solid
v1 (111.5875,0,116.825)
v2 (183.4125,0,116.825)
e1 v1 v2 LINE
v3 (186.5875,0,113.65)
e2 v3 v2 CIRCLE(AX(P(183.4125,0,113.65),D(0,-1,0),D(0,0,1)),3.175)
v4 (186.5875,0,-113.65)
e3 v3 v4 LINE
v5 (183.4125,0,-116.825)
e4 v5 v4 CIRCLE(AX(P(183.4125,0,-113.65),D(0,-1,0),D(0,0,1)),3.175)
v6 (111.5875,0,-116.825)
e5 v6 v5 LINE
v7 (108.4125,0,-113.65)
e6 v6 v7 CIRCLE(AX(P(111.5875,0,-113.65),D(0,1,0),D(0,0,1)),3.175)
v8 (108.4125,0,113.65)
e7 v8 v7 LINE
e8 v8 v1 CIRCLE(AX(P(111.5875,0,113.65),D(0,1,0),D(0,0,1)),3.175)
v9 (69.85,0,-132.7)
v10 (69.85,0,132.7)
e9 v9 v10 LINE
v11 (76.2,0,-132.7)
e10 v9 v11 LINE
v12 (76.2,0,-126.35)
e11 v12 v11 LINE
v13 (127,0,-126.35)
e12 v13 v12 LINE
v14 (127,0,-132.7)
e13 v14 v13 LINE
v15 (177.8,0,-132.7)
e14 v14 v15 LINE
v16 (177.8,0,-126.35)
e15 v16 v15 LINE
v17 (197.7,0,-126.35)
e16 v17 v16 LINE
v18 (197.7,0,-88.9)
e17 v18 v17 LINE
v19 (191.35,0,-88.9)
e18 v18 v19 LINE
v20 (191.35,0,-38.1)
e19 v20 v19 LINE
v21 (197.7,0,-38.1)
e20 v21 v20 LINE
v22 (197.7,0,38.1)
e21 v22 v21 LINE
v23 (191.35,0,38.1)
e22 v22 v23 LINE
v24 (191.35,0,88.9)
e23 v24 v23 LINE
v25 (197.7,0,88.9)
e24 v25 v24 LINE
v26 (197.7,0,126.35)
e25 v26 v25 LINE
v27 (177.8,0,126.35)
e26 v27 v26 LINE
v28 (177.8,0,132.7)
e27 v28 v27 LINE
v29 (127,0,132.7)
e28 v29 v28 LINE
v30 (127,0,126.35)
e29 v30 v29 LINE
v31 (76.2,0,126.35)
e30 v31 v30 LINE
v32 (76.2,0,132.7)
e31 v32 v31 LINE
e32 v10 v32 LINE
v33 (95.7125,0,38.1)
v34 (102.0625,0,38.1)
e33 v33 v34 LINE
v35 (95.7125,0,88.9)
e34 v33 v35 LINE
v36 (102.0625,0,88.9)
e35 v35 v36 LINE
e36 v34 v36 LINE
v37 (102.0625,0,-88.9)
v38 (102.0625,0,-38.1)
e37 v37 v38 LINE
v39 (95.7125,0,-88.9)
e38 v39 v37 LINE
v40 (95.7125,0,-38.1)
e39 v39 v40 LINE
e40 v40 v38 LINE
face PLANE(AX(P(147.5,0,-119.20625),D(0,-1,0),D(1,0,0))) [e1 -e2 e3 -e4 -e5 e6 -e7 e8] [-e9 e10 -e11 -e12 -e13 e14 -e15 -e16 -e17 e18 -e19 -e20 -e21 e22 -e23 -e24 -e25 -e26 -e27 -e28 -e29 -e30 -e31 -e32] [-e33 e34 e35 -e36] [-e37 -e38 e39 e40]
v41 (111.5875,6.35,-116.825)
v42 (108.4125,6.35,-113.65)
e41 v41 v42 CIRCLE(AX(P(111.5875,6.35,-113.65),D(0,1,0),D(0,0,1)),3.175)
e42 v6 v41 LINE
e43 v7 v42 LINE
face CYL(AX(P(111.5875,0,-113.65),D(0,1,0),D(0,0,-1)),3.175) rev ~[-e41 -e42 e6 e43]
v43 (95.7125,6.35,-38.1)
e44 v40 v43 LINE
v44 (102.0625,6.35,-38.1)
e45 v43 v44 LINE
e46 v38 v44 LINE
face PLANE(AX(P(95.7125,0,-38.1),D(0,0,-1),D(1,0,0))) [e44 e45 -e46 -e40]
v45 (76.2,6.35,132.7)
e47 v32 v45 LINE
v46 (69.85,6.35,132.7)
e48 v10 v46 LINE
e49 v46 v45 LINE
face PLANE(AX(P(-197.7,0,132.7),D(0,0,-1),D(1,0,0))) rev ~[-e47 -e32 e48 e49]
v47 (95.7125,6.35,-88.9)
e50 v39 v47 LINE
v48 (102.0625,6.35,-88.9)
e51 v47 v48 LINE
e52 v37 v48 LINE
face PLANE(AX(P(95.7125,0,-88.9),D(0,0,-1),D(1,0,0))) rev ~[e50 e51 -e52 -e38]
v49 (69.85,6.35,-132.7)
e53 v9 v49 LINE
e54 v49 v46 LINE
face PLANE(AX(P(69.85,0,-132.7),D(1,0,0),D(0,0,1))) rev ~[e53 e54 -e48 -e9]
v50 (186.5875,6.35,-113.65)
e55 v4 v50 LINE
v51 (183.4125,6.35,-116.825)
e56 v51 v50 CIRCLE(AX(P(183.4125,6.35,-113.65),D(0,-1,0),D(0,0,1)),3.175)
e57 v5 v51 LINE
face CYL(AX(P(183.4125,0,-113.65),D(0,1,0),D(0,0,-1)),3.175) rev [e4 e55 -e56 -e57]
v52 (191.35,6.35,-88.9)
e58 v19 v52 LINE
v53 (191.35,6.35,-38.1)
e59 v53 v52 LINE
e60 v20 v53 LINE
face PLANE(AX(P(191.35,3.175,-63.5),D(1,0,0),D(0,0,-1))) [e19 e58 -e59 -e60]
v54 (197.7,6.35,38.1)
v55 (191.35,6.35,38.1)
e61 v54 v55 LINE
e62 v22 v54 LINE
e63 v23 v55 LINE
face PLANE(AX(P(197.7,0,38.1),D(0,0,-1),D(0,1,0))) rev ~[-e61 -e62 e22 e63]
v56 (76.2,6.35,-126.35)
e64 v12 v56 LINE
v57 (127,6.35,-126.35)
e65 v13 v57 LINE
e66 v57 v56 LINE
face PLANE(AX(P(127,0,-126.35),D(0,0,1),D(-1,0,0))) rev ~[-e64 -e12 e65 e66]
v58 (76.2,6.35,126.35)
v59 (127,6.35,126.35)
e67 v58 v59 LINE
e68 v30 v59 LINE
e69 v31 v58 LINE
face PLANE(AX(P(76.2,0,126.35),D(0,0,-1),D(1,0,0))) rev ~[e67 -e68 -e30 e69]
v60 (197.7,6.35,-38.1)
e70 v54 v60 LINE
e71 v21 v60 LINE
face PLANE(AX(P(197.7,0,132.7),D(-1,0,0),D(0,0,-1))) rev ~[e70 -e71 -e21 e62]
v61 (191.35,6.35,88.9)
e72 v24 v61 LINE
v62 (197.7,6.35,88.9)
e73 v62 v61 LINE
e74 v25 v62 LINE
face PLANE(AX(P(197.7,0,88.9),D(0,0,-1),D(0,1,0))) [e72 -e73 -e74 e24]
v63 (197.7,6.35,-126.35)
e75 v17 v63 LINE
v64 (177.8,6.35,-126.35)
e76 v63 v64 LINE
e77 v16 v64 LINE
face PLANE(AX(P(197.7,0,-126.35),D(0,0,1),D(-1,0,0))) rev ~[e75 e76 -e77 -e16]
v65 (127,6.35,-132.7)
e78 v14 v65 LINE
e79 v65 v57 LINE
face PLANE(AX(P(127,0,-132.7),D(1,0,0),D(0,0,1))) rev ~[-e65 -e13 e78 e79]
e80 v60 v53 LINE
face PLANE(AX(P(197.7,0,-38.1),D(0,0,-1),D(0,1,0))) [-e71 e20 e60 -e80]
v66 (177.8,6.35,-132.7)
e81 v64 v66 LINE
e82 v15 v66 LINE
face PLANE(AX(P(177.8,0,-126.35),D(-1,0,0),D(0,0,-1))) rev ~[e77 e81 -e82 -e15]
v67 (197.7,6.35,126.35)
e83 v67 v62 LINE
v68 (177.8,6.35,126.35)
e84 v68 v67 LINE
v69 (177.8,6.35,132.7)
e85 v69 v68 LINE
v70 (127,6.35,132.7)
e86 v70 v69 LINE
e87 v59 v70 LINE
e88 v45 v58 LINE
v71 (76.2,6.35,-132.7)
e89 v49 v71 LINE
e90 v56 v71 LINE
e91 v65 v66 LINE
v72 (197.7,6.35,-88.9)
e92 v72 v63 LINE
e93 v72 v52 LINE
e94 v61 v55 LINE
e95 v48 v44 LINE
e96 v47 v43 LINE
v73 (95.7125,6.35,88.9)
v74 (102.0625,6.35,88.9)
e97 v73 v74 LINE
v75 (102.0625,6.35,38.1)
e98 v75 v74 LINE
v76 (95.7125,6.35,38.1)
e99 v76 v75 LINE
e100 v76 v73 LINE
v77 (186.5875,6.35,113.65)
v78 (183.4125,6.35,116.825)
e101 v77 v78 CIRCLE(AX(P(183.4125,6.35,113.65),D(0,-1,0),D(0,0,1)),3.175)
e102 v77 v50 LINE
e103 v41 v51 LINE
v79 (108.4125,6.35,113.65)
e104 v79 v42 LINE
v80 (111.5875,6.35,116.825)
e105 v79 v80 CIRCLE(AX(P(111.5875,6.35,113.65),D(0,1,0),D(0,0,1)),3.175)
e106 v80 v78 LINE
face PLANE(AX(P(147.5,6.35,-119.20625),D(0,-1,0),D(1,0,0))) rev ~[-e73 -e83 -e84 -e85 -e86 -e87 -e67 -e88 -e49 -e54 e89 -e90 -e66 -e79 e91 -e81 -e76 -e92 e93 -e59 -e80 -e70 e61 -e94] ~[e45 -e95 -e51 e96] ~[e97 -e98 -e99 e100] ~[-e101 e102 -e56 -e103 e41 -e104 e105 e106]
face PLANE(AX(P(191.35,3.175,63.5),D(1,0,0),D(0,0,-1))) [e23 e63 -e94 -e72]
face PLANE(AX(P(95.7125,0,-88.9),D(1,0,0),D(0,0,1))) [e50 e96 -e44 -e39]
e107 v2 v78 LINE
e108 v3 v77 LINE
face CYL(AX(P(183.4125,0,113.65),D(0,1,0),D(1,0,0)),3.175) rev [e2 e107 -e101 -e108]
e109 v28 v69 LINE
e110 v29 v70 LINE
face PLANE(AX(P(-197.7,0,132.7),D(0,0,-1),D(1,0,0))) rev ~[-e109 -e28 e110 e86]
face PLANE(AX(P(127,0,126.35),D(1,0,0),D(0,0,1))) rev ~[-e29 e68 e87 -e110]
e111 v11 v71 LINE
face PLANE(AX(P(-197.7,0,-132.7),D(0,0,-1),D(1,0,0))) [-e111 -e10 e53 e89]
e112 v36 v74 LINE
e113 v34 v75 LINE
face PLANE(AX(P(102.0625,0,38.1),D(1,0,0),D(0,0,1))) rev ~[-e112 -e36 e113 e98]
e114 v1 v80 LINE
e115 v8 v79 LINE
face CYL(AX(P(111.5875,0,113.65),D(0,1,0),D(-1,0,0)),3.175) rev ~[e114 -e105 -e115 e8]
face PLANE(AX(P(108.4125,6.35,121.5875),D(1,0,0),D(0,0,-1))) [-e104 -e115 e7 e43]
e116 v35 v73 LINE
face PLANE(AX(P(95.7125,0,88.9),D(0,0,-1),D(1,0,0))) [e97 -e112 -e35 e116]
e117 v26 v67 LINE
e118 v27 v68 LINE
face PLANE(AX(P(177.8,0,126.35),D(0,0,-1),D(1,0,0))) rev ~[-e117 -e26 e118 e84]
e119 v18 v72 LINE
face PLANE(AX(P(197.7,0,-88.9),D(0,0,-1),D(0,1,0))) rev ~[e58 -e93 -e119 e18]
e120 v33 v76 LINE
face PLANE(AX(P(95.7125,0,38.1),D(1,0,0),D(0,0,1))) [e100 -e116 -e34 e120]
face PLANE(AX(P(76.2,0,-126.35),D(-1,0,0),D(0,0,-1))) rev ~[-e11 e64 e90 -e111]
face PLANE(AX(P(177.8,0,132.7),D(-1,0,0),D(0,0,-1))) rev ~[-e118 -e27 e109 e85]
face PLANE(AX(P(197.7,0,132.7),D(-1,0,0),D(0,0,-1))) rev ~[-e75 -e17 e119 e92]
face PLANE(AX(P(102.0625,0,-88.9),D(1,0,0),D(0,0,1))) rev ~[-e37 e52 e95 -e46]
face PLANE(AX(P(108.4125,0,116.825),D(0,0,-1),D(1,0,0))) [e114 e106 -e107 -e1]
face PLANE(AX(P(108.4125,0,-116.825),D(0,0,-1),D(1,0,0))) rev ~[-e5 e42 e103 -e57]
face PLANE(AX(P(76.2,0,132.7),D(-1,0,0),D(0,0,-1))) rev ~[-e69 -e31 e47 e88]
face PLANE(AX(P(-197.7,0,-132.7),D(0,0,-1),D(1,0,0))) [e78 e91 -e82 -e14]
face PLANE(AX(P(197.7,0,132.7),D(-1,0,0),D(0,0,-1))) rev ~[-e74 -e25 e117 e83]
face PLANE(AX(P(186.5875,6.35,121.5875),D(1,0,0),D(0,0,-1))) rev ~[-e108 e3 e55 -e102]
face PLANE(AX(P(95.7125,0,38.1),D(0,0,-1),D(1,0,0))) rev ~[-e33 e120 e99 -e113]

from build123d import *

# Parameters (mm, degrees)
SKETCH5_W           = 395.4
SKETCH5_H           = 265.4
BOSS_EXTRUDE3_DEPTH = 6.35
SKETCH6_W           = 78.175
SKETCH6_H           = 243.175
SKETCH6_W_2         = 75
SKETCH6_H_2         = 240
CUT_EXTRUDE1_DEPTH  = 6.35
SKETCH10_W          = 6.35
SKETCH10_H          = 50.8
SKETCH10_W_2        = 50.8
SKETCH10_H_2        = 6.35
CUT_EXTRUDE2_DEPTH  = 6.35
SKETCH11_W          = 50.8
SKETCH11_H          = 6.35
CUT_EXTRUDE3_DEPTH  = 6.35
SKETCH12_W          = 78.175
SKETCH12_H          = 4.7625
BOSS_EXTRUDE4_DEPTH = 6.35
FILLET1_R           = 3.175
CUT_EXTRUDE4_DEPTH  = 239.190895082


with BuildPart() as part:
    # Sketch5 → Boss-Extrude3 (new body)
    with BuildSketch(Plane(origin=(0, 0, 0), x_dir=(1, 0, 0), z_dir=(0, 1, 0))):
        Rectangle(SKETCH5_W, SKETCH5_H)
    extrude(amount=BOSS_EXTRUDE3_DEPTH)

    # Sketch6 → Cut-Extrude1 (cut)
    # profile 1 of 4: a face of its own
    with BuildSketch(Plane(origin=(0, 6.35, 0), x_dir=(1, 0, 0), z_dir=(0, 1, 0))):
        with Locations((147.5, 0)):
            Rectangle(SKETCH6_W, SKETCH6_H)
        with Locations((147.5, 0)):
            Rectangle(SKETCH6_W_2, SKETCH6_H_2, mode=Mode.SUBTRACT)
    # profile 2 of 4: a face of its own
    with BuildSketch(Plane(origin=(0, 6.35, 0), x_dir=(1, 0, 0), z_dir=(0, 1, 0))):
        with Locations((147.5, 0)):
            Rectangle(SKETCH6_W_2, SKETCH6_H_2)
    # profile 3 of 4: a face of its own
    with BuildSketch(Plane(origin=(0, 6.35, 0), x_dir=(1, 0, 0), z_dir=(0, 1, 0))):
        with Locations((-147.5, 0)):
            Rectangle(SKETCH6_W, SKETCH6_H)
        with Locations((-147.5, 0)):
            Rectangle(SKETCH6_W_2, SKETCH6_H_2, mode=Mode.SUBTRACT)
    # profile 4 of 4: a face of its own
    with BuildSketch(Plane(origin=(0, 6.35, 0), x_dir=(1, 0, 0), z_dir=(0, 1, 0))):
        with Locations((-147.5, 0)):
            Rectangle(SKETCH6_W_2, SKETCH6_H_2)
    extrude(amount=-CUT_EXTRUDE1_DEPTH, mode=Mode.SUBTRACT)

    # Sketch10 → Cut-Extrude2 (cut)
    with BuildSketch(Plane.XZ):
        with Locations((98.8875, -63.5)):
            Rectangle(SKETCH10_W, SKETCH10_H)
        with Locations((98.8875, 63.5)):
            Rectangle(SKETCH10_W, SKETCH10_H)
        with Locations((-98.8875, 63.5)):
            Rectangle(SKETCH10_W, SKETCH10_H)
        with Locations((-98.8875, -63.5)):
            Rectangle(SKETCH10_W, SKETCH10_H)
        Polygon((197.7, 132.7), (177.8, 132.7), (177.8, 126.35), (191.35, 126.35), (197.7, 126.35), align=None)
        Polygon((127, 132.7), (76.2, 132.7), (76.2, 126.35), (95.7125, 126.35), (102.0625, 126.35), (108.4125, 126.35), (127, 126.35), align=None)
        with Locations((0, 129.525)):
            Rectangle(SKETCH10_W_2, SKETCH10_H_2)
        Polygon((-127, 132.7), (-127, 126.35), (-108.4125, 126.35), (-102.0625, 126.35), (-95.7125, 126.35), (-76.2, 126.35), (-76.2, 132.7), align=None)
        Polygon((-197.7, 126.35), (-191.35, 126.35), (-177.8, 126.35), (-177.8, 132.7), (-197.7, 132.7), align=None)
        Polygon((-177.8, -126.35), (-191.35, -126.35), (-197.7, -126.35), (-197.7, -132.7), (-177.8, -132.7), align=None)
        Polygon((-108.4125, -126.35), (-127, -126.35), (-127, -132.7), (-76.2, -132.7), (-76.2, -126.35), (-95.7125, -126.35), (-102.0625, -126.35), align=None)
        with Locations((0, -129.525)):
            Rectangle(SKETCH10_W_2, SKETCH10_H_2)
        Polygon((76.2, -126.35), (76.2, -132.7), (127, -132.7), (127, -126.35), (108.4125, -126.35), (102.0625, -126.35), (95.7125, -126.35), align=None)
        Polygon((177.8, -126.35), (177.8, -132.7), (197.7, -132.7), (197.7, -126.35), (191.35, -126.35), align=None)
    extrude(amount=-CUT_EXTRUDE2_DEPTH, mode=Mode.SUBTRACT)

    # Sketch11 → Cut-Extrude3 (cut)
    with BuildSketch(Plane(origin=(197.7, 0, 0), x_dir=(0, 0, -1), z_dir=(1, 0, 0))):
        with Locations((-63.5, 3.175)):
            Rectangle(SKETCH11_W, SKETCH11_H)
        with Locations((63.5, 3.175)):
            Rectangle(SKETCH11_W, SKETCH11_H)
    cut_extrude3 = extrude(amount=-CUT_EXTRUDE3_DEPTH, mode=Mode.SUBTRACT)

    # Mirror1: Cut-Extrude3 across plane
    add(cut_extrude3.mirror(Plane(origin=(0, 0, 0), x_dir=(0, 0, 1), z_dir=(1, 0, 0))), mode=Mode.SUBTRACT)

    # Sketch12 → Boss-Extrude4 (add)
    with BuildSketch(Plane.XZ):
        with Locations((147.5, -119.20625)):
            Rectangle(SKETCH12_W, SKETCH12_H)
        with Locations((147.5, 119.20625)):
            Rectangle(SKETCH12_W, SKETCH12_H)
        with Locations((-147.5, 119.20625)):
            Rectangle(SKETCH12_W, SKETCH12_H)
        with Locations((-147.5, -119.20625)):
            Rectangle(SKETCH12_W, SKETCH12_H)
    extrude(amount=-BOSS_EXTRUDE4_DEPTH)

    # Fillet1
    fillet1_edges = [part.edges().sort_by_distance(p)[0] for p in [
        (108.4125, 3.175, -116.825),
        (186.5875, 3.175, -116.825),
        (186.5875, 3.175, 116.825),
        (108.4125, 3.175, 116.825),
        (-186.5875, 3.175, 116.825),
        (-108.4125, 3.175, 116.825),
        (-108.4125, 3.175, -116.825),
        (-186.5875, 3.175, -116.825),
    ]]
    fillet(fillet1_edges, radius=FILLET1_R)

    # Sketch13 → Cut-Extrude4 (cut, through all)
    with BuildSketch(Plane.XZ):
        Polygon((25.4, -132.7), (69.85, -132.7), (69.85, 132.7), (25.4, 132.7), (25.4, 126.35), (-25.4, 126.35), (-25.4, 132.7), (-69.85, 132.7), (-69.85, -132.7), (-25.4, -132.7), (-25.4, -126.35), (25.4, -126.35), align=None)
        Polygon((-76.2, -132.7), (-69.85, -132.7), (-69.85, 132.7), (-76.2, 132.7), (-76.2, 126.35), (-127, 126.35), (-127, 132.7), (-177.8, 132.7), (-177.8, 126.35), (-197.7, 126.35), (-197.7, 88.9), (-191.35, 88.9), (-191.35, 38.1), (-197.7, 38.1), (-197.7, -38.1), (-191.35, -38.1), (-191.35, -88.9), (-197.7, -88.9), (-197.7, -126.35), (-177.8, -126.35), (-177.8, -132.7), (-127, -132.7), (-127, -126.35), (-76.2, -126.35), align=None)
    extrude(amount=-CUT_EXTRUDE4_DEPTH, mode=Mode.SUBTRACT)


solid = part.part
